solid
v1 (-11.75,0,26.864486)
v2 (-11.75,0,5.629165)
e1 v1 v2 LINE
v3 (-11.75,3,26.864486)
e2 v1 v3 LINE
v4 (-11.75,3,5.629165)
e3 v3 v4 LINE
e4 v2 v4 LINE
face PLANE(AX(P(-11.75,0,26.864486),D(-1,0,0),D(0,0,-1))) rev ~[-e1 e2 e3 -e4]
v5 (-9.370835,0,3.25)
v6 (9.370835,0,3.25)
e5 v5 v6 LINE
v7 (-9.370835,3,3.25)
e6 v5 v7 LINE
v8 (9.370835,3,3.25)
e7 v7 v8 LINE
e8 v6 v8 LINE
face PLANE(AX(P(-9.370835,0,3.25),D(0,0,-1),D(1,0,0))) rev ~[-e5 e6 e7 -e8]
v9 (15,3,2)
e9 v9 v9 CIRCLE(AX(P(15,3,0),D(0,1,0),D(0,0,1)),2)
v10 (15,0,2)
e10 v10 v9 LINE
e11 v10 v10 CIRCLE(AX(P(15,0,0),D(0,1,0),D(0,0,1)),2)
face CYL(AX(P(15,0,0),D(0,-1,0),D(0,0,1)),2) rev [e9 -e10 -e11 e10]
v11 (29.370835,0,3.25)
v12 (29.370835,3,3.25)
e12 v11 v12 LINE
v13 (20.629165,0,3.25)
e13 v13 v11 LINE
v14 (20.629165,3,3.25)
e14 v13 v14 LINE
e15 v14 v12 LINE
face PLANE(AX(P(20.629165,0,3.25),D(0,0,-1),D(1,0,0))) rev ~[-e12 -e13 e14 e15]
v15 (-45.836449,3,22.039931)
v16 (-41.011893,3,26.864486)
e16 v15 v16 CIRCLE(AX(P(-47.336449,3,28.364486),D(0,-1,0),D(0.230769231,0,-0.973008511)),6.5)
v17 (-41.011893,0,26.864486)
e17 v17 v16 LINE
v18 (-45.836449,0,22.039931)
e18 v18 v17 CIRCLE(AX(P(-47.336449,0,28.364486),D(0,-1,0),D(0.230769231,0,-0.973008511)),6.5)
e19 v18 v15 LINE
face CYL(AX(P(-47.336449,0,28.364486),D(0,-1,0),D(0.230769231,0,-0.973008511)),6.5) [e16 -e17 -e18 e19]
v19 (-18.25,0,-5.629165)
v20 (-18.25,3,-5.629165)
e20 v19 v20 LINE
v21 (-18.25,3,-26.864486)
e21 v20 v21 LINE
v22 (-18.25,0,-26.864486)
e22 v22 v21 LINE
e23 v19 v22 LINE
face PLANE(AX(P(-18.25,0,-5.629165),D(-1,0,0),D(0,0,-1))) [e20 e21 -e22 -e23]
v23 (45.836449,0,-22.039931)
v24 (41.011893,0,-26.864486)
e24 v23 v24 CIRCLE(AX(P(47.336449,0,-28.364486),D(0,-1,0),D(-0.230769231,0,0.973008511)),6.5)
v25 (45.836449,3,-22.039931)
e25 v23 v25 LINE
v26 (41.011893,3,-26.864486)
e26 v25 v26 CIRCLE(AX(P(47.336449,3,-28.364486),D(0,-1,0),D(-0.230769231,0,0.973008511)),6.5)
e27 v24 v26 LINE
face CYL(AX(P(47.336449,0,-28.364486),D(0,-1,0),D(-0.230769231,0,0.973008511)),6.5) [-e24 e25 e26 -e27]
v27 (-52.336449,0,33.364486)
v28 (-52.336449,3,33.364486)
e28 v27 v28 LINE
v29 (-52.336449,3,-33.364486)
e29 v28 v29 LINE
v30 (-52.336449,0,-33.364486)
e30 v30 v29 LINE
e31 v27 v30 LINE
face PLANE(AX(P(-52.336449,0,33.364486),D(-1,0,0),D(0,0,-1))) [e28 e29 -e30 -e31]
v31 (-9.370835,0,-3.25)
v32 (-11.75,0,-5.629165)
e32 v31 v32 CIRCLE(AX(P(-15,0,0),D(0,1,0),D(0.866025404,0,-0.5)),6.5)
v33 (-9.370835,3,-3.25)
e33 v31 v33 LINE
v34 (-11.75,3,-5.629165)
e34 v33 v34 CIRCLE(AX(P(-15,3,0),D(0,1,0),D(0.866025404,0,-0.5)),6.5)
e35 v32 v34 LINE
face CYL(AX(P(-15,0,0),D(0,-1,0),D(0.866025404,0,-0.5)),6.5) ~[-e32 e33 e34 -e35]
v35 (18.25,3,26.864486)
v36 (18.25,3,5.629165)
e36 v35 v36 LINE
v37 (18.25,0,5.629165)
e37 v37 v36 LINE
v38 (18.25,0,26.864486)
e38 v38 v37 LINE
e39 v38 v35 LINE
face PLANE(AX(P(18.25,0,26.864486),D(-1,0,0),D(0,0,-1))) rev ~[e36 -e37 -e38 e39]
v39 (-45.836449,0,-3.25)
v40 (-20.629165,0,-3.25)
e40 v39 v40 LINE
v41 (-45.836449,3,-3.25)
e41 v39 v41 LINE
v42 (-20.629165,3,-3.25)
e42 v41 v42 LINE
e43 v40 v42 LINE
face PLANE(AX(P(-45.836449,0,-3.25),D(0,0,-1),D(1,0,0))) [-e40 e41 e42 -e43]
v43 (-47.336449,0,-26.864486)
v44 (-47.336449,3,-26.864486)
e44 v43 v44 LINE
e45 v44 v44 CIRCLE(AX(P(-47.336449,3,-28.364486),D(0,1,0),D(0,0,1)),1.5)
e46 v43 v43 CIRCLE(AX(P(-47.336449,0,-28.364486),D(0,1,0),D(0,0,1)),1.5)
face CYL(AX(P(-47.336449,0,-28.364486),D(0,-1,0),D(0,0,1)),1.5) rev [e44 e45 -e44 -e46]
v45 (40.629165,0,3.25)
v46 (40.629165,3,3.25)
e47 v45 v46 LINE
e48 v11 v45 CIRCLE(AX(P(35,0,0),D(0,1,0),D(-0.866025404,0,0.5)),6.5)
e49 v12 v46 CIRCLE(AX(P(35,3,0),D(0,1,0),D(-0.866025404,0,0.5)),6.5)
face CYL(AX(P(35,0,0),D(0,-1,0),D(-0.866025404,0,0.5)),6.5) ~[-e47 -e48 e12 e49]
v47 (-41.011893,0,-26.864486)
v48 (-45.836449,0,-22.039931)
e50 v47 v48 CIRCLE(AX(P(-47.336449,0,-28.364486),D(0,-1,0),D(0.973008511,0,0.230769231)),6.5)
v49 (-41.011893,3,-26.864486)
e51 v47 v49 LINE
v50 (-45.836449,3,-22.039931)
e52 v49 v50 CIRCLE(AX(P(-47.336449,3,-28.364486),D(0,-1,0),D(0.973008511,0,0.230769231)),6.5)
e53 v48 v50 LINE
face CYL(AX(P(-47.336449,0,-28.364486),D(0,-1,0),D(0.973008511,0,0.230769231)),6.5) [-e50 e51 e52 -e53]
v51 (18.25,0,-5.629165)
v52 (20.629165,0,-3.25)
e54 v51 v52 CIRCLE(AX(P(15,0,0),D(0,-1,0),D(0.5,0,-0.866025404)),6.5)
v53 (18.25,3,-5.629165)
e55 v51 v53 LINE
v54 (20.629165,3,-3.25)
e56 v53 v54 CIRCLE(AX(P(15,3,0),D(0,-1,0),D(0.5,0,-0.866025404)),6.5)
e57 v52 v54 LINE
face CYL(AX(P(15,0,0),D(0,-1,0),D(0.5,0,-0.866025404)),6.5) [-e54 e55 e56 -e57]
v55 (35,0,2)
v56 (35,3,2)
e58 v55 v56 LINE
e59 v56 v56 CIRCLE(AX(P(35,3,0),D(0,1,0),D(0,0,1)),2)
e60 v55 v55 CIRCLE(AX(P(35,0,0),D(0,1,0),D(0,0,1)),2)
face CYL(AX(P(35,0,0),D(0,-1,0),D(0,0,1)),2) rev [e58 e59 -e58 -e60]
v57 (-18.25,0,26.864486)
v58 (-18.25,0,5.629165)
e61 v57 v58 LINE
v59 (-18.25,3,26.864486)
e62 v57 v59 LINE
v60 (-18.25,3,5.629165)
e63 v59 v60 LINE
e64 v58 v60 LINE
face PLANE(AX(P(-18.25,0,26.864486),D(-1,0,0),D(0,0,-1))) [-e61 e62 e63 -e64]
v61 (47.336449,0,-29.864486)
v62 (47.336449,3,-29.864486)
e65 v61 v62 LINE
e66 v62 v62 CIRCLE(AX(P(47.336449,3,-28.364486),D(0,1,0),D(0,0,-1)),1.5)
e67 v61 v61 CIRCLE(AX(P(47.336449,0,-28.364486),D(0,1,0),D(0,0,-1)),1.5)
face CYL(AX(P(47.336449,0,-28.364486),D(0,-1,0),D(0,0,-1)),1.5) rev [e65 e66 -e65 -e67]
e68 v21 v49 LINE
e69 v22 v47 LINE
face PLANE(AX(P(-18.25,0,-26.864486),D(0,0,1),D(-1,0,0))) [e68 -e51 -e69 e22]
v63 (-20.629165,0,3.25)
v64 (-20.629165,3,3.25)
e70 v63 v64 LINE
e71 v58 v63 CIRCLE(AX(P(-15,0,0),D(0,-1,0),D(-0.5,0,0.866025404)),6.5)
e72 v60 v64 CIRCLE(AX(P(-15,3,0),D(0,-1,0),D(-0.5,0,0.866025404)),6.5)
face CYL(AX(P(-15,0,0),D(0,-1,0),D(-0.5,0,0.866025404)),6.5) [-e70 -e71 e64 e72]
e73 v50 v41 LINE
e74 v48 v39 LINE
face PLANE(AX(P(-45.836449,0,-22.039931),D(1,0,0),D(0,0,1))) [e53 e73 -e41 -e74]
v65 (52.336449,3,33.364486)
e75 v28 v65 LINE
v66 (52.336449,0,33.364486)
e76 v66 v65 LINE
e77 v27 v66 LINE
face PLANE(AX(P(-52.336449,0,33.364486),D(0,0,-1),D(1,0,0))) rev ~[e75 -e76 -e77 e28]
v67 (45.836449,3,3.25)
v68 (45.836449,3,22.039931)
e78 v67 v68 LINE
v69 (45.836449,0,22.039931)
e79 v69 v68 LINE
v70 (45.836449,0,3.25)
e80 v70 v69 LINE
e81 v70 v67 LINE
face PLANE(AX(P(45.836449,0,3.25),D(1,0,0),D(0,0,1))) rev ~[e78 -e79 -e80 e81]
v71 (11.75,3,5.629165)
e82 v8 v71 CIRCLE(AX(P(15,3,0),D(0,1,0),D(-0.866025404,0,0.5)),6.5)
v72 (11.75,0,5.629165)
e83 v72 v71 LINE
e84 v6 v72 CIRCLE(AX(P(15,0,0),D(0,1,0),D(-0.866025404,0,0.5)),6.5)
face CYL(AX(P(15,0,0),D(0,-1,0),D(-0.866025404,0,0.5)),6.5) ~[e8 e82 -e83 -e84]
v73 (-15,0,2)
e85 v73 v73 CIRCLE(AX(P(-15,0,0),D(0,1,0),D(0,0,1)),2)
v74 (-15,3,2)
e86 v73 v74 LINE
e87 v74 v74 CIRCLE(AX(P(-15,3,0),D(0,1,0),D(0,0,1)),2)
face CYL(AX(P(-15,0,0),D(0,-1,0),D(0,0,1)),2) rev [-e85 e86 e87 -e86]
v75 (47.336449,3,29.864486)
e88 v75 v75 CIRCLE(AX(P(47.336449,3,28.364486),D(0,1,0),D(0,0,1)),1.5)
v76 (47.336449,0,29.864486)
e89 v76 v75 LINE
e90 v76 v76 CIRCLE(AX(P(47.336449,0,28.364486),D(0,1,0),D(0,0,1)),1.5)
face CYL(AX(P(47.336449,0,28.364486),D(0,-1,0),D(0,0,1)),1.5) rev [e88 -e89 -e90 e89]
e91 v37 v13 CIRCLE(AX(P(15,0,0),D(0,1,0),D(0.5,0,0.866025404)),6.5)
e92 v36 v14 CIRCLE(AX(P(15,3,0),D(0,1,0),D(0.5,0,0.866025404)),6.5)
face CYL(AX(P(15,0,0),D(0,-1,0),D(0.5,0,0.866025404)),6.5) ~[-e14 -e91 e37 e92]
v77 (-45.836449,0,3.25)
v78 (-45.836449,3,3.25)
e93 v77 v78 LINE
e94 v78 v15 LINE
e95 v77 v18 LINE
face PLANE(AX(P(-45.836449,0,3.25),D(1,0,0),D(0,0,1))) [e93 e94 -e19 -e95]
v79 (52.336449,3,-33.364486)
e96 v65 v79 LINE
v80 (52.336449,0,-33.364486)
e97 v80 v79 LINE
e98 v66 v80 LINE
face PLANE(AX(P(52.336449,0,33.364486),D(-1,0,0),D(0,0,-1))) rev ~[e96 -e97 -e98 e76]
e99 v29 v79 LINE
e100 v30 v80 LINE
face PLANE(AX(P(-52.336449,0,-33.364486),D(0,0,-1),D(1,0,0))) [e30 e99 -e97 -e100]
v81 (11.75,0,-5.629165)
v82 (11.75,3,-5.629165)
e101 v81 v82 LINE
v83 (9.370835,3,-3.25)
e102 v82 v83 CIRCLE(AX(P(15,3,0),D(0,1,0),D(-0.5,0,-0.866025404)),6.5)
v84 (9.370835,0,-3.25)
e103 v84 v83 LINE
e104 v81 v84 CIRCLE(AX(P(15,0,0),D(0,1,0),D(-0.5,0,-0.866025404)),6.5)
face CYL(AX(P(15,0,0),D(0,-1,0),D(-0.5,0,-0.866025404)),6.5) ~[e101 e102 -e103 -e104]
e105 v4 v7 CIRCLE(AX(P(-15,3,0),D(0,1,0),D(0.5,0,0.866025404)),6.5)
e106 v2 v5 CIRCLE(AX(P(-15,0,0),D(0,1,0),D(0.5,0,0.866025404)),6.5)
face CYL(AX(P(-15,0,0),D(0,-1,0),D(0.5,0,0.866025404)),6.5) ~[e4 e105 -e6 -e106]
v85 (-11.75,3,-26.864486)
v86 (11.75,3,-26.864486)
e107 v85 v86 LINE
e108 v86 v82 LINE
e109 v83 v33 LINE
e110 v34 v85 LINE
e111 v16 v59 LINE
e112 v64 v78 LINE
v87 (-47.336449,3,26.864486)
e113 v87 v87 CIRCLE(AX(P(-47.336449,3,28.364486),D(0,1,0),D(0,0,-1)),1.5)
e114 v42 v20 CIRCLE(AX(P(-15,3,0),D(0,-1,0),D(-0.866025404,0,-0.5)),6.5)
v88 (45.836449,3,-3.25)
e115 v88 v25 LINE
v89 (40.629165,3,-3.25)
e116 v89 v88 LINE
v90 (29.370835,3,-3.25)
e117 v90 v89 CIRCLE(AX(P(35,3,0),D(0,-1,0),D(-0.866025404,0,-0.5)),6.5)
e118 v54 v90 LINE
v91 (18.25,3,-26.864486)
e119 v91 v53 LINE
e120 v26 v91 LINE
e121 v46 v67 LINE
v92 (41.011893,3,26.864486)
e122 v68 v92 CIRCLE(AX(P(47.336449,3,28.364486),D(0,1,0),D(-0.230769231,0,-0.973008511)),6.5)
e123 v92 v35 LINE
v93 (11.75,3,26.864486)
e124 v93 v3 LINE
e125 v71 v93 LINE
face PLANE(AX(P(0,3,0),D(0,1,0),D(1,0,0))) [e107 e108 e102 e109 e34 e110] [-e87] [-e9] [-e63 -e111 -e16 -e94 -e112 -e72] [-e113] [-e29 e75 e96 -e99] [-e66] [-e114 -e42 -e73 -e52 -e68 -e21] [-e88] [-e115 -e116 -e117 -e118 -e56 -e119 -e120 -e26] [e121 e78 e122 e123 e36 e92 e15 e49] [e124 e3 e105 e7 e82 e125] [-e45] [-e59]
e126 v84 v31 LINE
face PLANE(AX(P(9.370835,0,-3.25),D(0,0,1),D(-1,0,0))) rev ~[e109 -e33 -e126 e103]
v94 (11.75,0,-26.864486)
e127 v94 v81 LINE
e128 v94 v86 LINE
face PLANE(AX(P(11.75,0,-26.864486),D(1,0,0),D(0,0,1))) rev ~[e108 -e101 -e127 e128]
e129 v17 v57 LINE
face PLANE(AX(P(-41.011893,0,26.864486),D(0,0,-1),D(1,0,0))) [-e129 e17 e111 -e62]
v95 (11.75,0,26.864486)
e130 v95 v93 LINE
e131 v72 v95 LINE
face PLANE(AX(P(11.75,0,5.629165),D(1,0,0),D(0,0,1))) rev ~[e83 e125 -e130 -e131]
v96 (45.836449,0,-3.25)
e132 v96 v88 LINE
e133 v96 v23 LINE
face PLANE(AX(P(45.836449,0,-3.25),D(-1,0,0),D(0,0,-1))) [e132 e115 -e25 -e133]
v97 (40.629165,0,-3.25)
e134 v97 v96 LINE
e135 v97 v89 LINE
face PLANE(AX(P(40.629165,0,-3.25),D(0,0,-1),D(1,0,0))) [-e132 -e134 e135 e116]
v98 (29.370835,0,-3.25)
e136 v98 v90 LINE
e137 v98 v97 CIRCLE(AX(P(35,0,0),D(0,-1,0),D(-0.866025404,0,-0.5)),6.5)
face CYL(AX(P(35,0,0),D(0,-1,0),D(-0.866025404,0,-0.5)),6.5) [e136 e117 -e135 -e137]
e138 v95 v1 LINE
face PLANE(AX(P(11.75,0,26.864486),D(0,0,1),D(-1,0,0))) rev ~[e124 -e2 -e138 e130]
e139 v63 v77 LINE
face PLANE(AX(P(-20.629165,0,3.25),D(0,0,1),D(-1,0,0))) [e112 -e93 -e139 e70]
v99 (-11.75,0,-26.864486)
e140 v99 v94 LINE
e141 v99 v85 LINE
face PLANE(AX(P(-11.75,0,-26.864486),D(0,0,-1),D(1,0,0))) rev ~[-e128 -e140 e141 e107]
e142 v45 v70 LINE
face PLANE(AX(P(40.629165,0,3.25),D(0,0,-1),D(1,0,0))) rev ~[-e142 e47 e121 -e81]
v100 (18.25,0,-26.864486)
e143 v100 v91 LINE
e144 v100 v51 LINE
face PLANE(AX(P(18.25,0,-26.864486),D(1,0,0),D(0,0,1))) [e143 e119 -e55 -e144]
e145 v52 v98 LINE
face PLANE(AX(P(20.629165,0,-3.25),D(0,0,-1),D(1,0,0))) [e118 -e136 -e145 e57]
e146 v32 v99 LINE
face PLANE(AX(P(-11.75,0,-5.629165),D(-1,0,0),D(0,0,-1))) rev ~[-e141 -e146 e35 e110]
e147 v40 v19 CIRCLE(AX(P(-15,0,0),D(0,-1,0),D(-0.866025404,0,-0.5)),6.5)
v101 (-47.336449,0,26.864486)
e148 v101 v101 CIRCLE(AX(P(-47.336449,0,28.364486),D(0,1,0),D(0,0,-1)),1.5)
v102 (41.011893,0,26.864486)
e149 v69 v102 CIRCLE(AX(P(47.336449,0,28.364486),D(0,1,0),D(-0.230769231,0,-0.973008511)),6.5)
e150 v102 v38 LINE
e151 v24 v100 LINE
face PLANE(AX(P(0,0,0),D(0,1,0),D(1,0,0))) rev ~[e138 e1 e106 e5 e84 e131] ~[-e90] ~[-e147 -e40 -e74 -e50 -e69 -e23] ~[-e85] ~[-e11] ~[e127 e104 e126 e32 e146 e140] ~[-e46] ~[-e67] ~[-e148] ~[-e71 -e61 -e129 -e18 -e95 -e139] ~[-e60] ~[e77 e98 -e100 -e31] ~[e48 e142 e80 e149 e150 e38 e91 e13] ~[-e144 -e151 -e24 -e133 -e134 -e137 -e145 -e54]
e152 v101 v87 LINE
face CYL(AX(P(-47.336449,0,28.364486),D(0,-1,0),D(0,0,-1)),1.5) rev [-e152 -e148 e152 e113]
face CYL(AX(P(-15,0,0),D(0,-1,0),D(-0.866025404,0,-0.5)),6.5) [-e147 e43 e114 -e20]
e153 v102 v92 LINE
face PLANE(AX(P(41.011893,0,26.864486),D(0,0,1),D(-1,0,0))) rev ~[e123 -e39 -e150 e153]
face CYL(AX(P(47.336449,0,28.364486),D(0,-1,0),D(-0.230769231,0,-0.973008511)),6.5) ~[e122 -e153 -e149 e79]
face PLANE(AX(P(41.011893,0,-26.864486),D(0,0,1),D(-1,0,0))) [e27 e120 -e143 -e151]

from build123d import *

# Parameters (mm, degrees)
SKETCH1_W           = 104.672897196
SKETCH1_H           = 66.728971962
SKETCH1_R           = 2
SKETCH1_R_2         = 1.5
BOSS_EXTRUDE1_DEPTH = 3


with BuildPart() as part:
    # Sketch1 → Boss-Extrude1 (new body)
    with BuildSketch(Plane(origin=(0, 0, 0), x_dir=(1, 0, 0), z_dir=(0, 1, 0))):
        Rectangle(SKETCH1_W, SKETCH1_H)
        with Locations(Location((35, 0, 0), (0, 0, 270))):
            Circle(SKETCH1_R, mode=Mode.SUBTRACT)
        with Locations(Location((15, 0, 0), (0, 0, 270))):
            Circle(SKETCH1_R, mode=Mode.SUBTRACT)
        with Locations(Location((-15, 0, 0), (0, 0, 270))):
            Circle(SKETCH1_R, mode=Mode.SUBTRACT)
        with Locations(Location((-47.336448598, 28.364485981, 0), (0, 0, 270))):
            Circle(SKETCH1_R_2, mode=Mode.SUBTRACT)
        with Locations(Location((47.336448598, 28.364485981, 0), (0, 0, 90))):
            Circle(SKETCH1_R_2, mode=Mode.SUBTRACT)
        with Locations(Location((-47.336448598, -28.364485981, 0), (0, 0, 90))):
            Circle(SKETCH1_R_2, mode=Mode.SUBTRACT)
        with Locations(Location((47.336448598, -28.364485981, 0), (0, 0, 270))):
            Circle(SKETCH1_R_2, mode=Mode.SUBTRACT)
        with BuildLine():
            Line((40.629165125, -3.25), (45.836448598, -3.25))
            Line((45.836448598, -3.25), (45.836448598, -22.039930661))
            ThreePointArc((45.836448598, -22.039930661), (42.74025452, -23.768291904), (41.011893278, -26.864485981))
            Line((41.011893278, -26.864485981), (18.25, -26.864485981))
            Line((18.25, -26.864485981), (18.25, -5.629165125))
            ThreePointArc((18.25, -5.629165125), (19.596194078, -4.596194078), (20.629165125, -3.25))
            Line((20.629165125, -3.25), (29.370834875, -3.25))
            ThreePointArc((29.370834875, -3.25), (35, -6.5), (40.629165125, -3.25))
        make_face(mode=Mode.SUBTRACT)
        with BuildLine():
            Line((-18.25, -26.864485981), (-18.25, -5.629165125))
            ThreePointArc((-18.25, -5.629165125), (-19.596194078, -4.596194078), (-20.629165125, -3.25))
            Line((-20.629165125, -3.25), (-45.836448598, -3.25))
            Line((-45.836448598, -3.25), (-45.836448598, -22.039930661))
            ThreePointArc((-45.836448598, -22.039930661), (-42.74025452, -23.768291904), (-41.011893278, -26.864485981))
            Line((-41.011893278, -26.864485981), (-18.25, -26.864485981))
        make_face(mode=Mode.SUBTRACT)
        with BuildLine():
            Line((-11.75, -26.864485981), (-11.75, -5.629165125))
            ThreePointArc((-11.75, -5.629165125), (-10.403805922, -4.596194078), (-9.370834875, -3.25))
            Line((-9.370834875, -3.25), (9.370834875, -3.25))
            ThreePointArc((9.370834875, -3.25), (10.403805922, -4.596194078), (11.75, -5.629165125))
            Line((11.75, -5.629165125), (11.75, -26.864485981))
            Line((11.75, -26.864485981), (-11.75, -26.864485981))
        make_face(mode=Mode.SUBTRACT)
        with BuildLine():
            Line((40.629165125, 3.25), (45.836448598, 3.25))
            Line((45.836448598, 3.25), (45.836448598, 22.039930661))
            ThreePointArc((45.836448598, 22.039930661), (42.74025452, 23.768291904), (41.011893278, 26.864485981))
            Line((41.011893278, 26.864485981), (18.25, 26.864485981))
            Line((18.25, 26.864485981), (18.25, 5.629165125))
            ThreePointArc((18.25, 5.629165125), (19.596194078, 4.596194078), (20.629165125, 3.25))
            Line((20.629165125, 3.25), (29.370834875, 3.25))
            ThreePointArc((29.370834875, 3.25), (35, 6.5), (40.629165125, 3.25))
        make_face(mode=Mode.SUBTRACT)
        with BuildLine():
            Line((-11.75, 26.864485981), (11.75, 26.864485981))
            Line((11.75, 26.864485981), (11.75, 5.629165125))
            ThreePointArc((11.75, 5.629165125), (10.403805922, 4.596194078), (9.370834875, 3.25))
            Line((9.370834875, 3.25), (-9.370834875, 3.25))
            ThreePointArc((-9.370834875, 3.25), (-10.403805922, 4.596194078), (-11.75, 5.629165125))
            Line((-11.75, 5.629165125), (-11.75, 26.864485981))
        make_face(mode=Mode.SUBTRACT)
        with BuildLine():
            Line((-45.836448598, 3.25), (-20.629165125, 3.25))
            ThreePointArc((-20.629165125, 3.25), (-19.596194078, 4.596194078), (-18.25, 5.629165125))
            Line((-18.25, 5.629165125), (-18.25, 26.864485981))
            Line((-18.25, 26.864485981), (-41.011893278, 26.864485981))
            ThreePointArc((-41.011893278, 26.864485981), (-42.74025452, 23.768291904), (-45.836448598, 22.039930661))
            Line((-45.836448598, 22.039930661), (-45.836448598, 6.771875217))
            Line((-45.836448598, 6.771875217), (-45.836448598, 3.25))
        make_face(mode=Mode.SUBTRACT)
    extrude(amount=BOSS_EXTRUDE1_DEPTH)


solid = part.part
